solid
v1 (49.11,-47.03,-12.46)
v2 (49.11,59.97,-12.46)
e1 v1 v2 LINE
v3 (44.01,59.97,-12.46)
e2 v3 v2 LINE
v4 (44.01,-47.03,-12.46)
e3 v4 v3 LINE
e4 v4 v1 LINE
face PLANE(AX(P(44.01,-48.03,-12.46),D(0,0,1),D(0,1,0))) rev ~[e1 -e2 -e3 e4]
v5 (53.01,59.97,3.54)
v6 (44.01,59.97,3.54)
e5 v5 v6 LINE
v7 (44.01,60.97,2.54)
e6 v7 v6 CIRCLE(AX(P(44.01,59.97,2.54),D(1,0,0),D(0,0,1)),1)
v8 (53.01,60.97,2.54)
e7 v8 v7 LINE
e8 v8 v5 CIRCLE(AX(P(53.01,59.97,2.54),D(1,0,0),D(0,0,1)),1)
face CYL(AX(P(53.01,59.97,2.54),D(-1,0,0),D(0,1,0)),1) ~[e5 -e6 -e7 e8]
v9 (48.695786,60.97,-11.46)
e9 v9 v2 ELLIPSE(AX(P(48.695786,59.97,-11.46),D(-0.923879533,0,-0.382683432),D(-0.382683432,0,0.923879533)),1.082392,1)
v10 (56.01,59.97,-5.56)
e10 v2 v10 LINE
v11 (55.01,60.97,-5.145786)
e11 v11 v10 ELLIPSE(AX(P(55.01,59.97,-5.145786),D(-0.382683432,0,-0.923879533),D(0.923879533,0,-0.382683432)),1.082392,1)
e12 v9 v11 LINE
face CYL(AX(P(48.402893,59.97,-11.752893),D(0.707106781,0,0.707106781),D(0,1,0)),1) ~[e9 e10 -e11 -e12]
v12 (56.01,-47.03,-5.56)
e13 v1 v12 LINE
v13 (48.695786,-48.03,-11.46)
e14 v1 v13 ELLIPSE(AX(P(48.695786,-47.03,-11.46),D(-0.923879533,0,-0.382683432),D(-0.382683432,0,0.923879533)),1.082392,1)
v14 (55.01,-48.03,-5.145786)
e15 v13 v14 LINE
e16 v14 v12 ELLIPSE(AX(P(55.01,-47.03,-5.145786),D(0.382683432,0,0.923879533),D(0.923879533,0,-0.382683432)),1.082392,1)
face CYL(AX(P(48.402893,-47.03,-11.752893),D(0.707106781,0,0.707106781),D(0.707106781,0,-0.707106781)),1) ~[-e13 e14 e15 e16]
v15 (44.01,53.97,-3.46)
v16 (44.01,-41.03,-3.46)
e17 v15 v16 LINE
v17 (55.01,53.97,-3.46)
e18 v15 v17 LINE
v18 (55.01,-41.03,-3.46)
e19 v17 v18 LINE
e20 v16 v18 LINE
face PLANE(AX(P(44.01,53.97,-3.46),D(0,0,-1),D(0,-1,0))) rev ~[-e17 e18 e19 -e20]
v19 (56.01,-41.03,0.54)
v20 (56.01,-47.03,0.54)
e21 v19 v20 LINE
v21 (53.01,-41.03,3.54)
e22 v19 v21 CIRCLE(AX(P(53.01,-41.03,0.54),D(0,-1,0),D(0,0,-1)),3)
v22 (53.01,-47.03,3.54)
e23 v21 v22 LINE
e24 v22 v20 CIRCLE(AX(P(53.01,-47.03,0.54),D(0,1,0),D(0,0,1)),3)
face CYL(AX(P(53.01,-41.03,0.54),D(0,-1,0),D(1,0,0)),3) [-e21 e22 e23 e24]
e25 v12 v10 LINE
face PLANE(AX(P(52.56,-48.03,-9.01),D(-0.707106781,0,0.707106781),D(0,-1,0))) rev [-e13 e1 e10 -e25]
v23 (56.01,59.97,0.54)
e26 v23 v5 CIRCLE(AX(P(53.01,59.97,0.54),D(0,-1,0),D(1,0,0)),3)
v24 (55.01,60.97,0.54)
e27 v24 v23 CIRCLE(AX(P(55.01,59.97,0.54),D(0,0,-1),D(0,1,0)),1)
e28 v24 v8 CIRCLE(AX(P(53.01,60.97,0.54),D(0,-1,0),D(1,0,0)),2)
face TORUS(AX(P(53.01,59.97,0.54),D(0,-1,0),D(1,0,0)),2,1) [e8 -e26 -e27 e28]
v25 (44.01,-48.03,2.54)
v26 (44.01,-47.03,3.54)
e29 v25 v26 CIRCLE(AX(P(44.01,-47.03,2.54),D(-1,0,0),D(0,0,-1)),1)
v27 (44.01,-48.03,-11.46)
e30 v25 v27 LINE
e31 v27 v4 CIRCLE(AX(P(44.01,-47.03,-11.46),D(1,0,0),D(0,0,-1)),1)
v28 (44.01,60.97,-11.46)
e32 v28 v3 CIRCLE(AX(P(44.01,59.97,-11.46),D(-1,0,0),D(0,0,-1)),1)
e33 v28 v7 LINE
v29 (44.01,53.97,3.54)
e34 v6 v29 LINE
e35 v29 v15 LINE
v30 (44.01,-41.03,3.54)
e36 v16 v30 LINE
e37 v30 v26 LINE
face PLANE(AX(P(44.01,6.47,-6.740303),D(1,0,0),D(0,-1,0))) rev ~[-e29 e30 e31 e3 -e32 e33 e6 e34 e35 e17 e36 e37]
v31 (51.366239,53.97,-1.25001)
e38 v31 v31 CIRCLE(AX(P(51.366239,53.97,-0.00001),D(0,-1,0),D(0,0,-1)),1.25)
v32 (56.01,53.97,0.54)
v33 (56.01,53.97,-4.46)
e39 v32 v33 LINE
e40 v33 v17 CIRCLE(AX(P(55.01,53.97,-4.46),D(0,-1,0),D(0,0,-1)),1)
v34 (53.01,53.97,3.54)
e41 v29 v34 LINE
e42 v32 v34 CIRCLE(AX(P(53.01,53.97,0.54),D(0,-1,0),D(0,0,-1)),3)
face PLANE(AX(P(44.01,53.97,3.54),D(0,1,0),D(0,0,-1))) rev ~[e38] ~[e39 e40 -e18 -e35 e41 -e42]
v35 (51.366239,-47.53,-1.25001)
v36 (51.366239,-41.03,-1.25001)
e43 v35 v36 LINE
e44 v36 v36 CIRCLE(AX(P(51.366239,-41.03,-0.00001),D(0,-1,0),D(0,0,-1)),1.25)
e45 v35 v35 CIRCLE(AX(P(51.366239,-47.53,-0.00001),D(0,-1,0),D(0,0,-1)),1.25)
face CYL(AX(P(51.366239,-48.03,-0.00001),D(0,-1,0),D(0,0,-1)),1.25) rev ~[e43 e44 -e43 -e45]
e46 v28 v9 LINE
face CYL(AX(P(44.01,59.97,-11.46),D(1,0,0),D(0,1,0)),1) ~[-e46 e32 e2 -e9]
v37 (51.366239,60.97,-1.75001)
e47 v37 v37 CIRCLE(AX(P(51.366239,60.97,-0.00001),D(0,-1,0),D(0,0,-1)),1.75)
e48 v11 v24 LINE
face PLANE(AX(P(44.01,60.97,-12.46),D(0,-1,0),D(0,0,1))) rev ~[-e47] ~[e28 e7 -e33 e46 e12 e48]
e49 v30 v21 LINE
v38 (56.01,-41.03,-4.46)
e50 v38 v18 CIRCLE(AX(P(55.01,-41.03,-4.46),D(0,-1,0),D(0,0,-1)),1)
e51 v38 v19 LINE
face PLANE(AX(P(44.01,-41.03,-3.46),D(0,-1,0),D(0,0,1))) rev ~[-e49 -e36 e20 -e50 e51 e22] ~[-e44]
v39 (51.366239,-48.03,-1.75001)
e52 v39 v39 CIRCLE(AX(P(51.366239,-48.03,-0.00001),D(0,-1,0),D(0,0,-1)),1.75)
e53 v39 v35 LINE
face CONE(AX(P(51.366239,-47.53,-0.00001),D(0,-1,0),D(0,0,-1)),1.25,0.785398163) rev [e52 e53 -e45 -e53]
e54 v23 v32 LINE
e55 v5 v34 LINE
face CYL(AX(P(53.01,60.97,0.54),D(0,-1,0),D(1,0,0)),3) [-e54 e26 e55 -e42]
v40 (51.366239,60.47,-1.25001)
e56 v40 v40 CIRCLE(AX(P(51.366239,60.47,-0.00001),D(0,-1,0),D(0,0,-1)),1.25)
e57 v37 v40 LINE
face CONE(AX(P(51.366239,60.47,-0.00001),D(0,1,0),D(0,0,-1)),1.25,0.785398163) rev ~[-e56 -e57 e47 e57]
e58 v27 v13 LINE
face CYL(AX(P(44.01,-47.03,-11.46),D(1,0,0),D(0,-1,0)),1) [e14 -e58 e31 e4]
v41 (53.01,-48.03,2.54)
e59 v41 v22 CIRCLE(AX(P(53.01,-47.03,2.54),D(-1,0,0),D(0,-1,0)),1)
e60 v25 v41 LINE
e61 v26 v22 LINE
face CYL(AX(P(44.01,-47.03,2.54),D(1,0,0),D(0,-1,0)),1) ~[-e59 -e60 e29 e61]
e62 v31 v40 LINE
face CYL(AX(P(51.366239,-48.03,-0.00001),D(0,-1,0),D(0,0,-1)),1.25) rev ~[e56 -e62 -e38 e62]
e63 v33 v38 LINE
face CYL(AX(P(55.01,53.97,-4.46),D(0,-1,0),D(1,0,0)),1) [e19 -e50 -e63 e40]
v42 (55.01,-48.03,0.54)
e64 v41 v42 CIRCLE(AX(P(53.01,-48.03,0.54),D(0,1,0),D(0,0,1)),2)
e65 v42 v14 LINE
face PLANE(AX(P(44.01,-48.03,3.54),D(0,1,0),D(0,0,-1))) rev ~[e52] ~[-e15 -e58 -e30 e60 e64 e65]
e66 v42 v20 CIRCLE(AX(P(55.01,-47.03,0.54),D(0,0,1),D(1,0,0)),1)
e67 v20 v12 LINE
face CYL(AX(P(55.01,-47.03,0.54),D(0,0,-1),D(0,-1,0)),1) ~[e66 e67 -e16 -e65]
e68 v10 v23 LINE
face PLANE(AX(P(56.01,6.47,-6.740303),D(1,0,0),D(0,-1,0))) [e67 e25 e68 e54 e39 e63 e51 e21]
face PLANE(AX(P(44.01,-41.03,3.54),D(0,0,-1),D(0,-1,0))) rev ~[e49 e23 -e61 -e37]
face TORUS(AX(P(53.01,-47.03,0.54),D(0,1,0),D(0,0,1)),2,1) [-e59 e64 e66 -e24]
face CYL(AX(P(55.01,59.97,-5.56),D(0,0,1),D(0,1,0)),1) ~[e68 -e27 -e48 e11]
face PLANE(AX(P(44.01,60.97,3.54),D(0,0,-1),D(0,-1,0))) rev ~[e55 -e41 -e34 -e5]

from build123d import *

# Parameters (mm, degrees)
PAD012_DEPTH            = 12
CHAMFER011_SIZE         = 6.9
FILLET025_R             = 1
FILLET024_R             = 3
FILLET026_R             = 1
SKETCH050_R             = 1.25
POCKET019_DEPTH         = 109.001
CHAMFER012_SIZE         = 0.5
FILLET030_R             = 1
BODY011_PLACEMENT_ANGLE = 180


with BuildPart() as part:
    # Sketch049 → Pad012 (new body)
    with BuildSketch(Plane.YZ.offset(37)):
        Polygon((-48, 6), (-41, 6), (-41, 13), (54, 13), (54, 6), (61, 6), (61, 22), (-48, 22), align=None)
    extrude(amount=PAD012_DEPTH)

    # Chamfer011
    chamfer011_edges = [part.edges().sort_by_distance(p)[0] for p in [
        (49, 6.5, 22),
    ]]
    chamfer(chamfer011_edges, length=CHAMFER011_SIZE)

    # Fillet025
    fillet025_edges = [part.edges().sort_by_distance(p)[0] for p in [
        (49, 6.5, 13),
    ]]
    fillet(fillet025_edges, radius=FILLET025_R)

    # Fillet024
    fillet024_edges = [part.edges().sort_by_distance(p)[0] for p in [
        (49, 57.5, 6),
        (49, -44.5, 6),
    ]]
    fillet(fillet024_edges, radius=FILLET024_R)

    # Fillet026
    fillet026_edges = [part.edges().sort_by_distance(p)[0] for p in [
        (41.5, 61, 6),
        (48.12132, 61, 6.87868),
        (49, 61, 12.05),
        (45.55, 61, 18.55),
        (39.55, 61, 22),
    ]]
    fillet(fillet026_edges, radius=FILLET026_R)

    # Sketch050 (on Face12 of Fillet026) → Pocket019 (cut, through all)
    with BuildSketch(Plane.ZX.offset(61)):
        with Locations((9.54001, 44.356239)):
            Circle(SKETCH050_R)
    extrude(amount=-POCKET019_DEPTH, mode=Mode.SUBTRACT)

    # Chamfer012
    chamfer012_edges = [part.edges().sort_by_distance(p)[0] for p in [
        (44.356239, 61, 8.29001),
        (44.356239, -48, 8.29001),
    ]]
    chamfer(chamfer012_edges, length=CHAMFER012_SIZE)

    # Fillet030
    fillet030_edges = [part.edges().sort_by_distance(p)[0] for p in [
        (45.55, -48, 18.55),
        (39.55, -48, 22),
        (49, -48, 12.05),
        (48.12132, -48, 6.87868),
        (41.5, -48, 6),
    ]]
    fillet(fillet030_edges, radius=FILLET030_R)


with BuildPart() as part_1:
    # Body011 placement: moved
    add(part.part.moved(Location((7.01, 12.97, 9.54))).rotate(Axis((7.01, 12.97, 9.54), (1, 0, 0)), BODY011_PLACEMENT_ANGLE))


solid = part_1.part
